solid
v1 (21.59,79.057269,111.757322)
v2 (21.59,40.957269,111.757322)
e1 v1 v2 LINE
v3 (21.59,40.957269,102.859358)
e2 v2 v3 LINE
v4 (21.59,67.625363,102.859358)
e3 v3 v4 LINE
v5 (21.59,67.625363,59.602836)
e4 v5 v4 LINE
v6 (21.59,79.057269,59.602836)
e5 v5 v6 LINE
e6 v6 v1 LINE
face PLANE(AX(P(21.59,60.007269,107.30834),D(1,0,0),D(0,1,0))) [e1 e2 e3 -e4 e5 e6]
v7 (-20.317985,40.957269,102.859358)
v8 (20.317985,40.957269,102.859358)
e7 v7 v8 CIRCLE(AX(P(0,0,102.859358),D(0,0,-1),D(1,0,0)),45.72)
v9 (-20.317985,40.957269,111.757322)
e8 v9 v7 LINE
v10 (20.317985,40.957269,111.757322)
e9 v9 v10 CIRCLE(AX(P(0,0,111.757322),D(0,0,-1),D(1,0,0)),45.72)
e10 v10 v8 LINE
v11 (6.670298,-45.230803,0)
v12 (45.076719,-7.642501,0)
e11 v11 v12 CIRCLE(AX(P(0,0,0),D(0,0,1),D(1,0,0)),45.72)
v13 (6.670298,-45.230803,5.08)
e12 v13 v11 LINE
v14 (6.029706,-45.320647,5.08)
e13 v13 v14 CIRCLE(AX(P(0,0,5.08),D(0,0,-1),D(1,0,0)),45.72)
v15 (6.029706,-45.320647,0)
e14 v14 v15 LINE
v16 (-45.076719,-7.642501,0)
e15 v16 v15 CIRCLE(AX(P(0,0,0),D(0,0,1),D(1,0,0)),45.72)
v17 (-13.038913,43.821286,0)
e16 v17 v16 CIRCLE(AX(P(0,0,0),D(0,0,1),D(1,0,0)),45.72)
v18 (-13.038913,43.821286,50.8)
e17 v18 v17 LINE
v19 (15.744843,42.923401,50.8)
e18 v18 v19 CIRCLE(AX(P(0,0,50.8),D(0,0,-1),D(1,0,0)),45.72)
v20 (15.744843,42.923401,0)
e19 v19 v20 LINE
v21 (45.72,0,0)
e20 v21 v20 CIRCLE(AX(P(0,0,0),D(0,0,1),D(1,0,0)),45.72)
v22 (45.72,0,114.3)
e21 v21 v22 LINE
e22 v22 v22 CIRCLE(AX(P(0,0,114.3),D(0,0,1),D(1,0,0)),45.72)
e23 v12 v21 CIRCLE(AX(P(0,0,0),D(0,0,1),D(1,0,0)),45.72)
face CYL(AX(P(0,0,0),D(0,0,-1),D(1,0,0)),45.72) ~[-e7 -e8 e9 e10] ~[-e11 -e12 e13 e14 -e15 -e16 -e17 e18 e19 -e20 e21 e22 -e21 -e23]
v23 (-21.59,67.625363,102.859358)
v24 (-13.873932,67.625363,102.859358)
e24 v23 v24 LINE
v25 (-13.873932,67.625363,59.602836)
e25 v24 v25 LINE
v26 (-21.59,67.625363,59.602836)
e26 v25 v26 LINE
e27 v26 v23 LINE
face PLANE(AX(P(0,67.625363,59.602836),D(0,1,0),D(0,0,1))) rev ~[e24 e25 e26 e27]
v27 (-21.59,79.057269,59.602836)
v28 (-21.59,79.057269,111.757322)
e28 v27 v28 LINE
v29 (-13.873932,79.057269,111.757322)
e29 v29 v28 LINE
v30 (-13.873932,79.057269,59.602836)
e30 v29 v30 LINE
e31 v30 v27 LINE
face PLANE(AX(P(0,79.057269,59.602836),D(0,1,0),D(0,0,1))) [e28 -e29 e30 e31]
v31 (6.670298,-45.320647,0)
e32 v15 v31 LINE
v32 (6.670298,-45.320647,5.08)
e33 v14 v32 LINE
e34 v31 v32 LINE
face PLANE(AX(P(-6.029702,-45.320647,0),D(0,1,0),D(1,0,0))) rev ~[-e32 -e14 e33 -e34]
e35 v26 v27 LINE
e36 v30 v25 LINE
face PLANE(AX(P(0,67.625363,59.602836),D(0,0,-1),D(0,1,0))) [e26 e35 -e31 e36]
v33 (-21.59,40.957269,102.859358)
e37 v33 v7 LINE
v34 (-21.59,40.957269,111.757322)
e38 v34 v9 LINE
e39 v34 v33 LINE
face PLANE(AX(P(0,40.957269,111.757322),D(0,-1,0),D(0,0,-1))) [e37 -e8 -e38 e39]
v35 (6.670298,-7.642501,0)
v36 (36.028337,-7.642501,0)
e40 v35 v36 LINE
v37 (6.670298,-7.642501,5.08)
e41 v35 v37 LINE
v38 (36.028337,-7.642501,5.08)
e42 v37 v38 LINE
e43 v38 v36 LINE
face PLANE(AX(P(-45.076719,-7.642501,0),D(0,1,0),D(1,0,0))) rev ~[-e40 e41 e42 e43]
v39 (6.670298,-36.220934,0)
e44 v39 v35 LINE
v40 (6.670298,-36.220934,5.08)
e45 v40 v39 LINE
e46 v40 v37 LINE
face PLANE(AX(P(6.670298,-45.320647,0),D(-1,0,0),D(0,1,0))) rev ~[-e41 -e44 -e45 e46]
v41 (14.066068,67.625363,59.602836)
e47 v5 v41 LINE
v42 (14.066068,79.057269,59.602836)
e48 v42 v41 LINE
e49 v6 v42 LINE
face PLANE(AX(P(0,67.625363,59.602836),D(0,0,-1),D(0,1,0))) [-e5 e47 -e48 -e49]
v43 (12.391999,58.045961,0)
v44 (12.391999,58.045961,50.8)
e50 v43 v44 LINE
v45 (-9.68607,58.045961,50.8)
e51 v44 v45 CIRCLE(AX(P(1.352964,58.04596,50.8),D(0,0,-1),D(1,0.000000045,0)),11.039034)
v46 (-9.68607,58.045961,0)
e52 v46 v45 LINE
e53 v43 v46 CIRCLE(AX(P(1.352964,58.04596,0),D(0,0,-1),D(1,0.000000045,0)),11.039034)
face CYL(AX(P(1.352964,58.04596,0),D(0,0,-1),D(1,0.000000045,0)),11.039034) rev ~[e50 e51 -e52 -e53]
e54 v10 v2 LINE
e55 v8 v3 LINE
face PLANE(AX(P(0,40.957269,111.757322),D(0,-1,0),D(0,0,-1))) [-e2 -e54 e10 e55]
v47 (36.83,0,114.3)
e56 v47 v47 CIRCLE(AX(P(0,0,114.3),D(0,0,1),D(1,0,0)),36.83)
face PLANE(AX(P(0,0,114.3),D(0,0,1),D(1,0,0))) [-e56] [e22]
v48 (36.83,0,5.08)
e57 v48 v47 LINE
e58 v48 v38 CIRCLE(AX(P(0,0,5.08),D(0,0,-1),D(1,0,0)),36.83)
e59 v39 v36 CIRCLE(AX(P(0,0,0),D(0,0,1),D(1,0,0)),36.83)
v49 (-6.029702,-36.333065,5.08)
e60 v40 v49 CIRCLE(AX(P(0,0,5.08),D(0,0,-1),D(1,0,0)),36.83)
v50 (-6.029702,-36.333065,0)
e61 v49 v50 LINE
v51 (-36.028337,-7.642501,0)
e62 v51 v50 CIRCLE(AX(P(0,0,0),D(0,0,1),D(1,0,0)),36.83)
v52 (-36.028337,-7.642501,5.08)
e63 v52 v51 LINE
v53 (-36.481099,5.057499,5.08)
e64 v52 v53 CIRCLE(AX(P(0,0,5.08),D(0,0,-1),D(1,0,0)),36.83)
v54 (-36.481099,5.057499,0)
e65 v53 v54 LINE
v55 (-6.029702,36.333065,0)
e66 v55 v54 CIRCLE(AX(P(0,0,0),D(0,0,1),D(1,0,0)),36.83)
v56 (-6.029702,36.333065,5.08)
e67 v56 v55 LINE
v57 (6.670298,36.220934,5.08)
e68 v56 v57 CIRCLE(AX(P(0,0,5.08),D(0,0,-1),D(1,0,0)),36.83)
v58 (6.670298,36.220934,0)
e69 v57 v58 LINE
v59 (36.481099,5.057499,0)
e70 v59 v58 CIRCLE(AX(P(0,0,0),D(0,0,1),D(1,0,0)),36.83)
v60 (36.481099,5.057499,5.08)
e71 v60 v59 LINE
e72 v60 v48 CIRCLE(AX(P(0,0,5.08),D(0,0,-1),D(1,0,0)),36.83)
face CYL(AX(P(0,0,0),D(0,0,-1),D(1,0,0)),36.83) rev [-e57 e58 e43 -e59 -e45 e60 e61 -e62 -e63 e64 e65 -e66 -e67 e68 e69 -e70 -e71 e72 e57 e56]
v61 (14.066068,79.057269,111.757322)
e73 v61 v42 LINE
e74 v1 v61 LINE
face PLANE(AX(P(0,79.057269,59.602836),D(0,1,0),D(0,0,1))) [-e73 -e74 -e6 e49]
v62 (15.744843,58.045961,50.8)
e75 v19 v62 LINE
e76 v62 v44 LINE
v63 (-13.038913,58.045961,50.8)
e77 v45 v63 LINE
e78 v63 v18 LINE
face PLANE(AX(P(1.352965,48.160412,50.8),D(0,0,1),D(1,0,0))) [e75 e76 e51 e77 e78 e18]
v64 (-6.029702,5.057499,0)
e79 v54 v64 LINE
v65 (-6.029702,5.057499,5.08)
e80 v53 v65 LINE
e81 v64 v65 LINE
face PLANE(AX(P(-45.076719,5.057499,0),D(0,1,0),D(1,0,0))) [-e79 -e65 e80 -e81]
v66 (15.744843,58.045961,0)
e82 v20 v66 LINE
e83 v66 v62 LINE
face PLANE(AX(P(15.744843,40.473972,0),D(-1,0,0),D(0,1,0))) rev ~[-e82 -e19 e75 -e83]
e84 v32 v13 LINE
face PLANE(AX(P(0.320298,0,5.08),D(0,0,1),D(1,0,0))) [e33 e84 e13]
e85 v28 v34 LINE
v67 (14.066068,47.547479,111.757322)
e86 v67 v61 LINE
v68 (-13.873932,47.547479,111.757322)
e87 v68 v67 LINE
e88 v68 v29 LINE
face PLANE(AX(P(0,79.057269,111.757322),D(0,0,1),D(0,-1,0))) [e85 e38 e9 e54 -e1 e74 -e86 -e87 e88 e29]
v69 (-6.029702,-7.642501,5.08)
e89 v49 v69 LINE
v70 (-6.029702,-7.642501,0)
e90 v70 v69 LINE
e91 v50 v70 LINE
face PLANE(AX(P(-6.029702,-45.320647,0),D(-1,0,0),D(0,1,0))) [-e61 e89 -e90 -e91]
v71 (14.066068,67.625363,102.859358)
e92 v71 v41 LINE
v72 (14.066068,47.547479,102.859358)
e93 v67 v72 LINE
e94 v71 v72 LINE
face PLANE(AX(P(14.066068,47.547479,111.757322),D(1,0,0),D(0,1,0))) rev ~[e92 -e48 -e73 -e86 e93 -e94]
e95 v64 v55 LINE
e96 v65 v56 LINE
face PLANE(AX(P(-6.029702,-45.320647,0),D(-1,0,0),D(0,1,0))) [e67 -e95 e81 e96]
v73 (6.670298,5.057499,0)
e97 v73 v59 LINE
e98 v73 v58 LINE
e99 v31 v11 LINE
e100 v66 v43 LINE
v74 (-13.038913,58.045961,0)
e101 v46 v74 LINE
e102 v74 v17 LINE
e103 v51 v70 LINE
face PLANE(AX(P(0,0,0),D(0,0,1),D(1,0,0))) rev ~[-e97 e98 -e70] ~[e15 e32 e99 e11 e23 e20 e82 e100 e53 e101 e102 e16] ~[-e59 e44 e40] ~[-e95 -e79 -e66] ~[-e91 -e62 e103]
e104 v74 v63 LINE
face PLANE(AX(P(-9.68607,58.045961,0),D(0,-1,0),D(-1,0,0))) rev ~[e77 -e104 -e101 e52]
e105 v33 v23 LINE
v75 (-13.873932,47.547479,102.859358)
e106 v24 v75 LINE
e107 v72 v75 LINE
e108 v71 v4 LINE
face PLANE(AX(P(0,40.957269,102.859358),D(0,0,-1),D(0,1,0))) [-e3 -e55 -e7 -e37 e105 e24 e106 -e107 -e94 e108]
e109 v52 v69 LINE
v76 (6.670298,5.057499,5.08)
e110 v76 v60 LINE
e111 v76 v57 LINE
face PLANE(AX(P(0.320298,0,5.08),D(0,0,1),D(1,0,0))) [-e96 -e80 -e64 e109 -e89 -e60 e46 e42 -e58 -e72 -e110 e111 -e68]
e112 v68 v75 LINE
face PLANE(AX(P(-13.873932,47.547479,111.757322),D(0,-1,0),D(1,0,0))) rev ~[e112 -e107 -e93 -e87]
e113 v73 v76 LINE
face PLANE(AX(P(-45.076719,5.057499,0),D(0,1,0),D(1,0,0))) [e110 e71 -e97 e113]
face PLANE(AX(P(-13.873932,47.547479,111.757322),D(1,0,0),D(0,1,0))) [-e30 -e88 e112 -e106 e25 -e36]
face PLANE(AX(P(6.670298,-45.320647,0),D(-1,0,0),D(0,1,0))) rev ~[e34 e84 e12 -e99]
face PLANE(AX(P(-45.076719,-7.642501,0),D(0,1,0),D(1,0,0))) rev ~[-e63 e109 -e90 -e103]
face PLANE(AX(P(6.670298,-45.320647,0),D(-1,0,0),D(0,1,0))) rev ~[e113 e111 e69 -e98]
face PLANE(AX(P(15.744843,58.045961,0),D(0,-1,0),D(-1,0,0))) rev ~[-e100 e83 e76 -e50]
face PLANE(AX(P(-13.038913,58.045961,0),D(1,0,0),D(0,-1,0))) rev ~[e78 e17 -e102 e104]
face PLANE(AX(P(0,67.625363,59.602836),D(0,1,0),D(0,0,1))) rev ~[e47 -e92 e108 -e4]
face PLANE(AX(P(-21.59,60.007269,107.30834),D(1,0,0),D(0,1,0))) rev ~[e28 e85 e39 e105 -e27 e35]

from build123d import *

# Parameters (mm, degrees)
F0_R      = 45.72
F2_DEPTH  = 114.3
F1_R      = 36.83
F3_DEPTH  = 114.3
F4_W      = 90.153438
F4_H      = 12.7
F5_DEPTH  = 5.08
F6_W      = 12.7
F6_H      = 90.641294
F7_DEPTH  = 5.08
F8_W      = 11.431906
F8_H      = 43.256522
F9_DEPTH  = 21.59
F11_DEPTH = 50.8
F12_W     = 27.94
F12_H     = 31.50979
F13_DEPTH = 55.88


with BuildPart() as f2:
    # F0 (on Top) → F2 (new body)
    with BuildSketch(Plane.XY):
        Circle(F0_R)
    extrude(amount=F2_DEPTH)

    # F1 (on Top) → F3 (cut)
    with BuildSketch(Plane.XY):
        Circle(F1_R)
    extrude(amount=F3_DEPTH, mode=Mode.SUBTRACT)

    # F4 (on Top) → F5 (join)
    with BuildSketch(Plane.XY):
        with Locations((0, -1.292501)):
            Rectangle(F4_W, F4_H)
    extrude(amount=F5_DEPTH)

    # F6 (on Top) → F7 (join)
    with BuildSketch(Plane.XY):
        with Locations((0.320298, 0)):
            Rectangle(F6_W, F6_H)
    extrude(amount=F7_DEPTH)

    # F8 (on Right) → F9 (join, symmetric)
    with BuildSketch(Plane.YZ):
        Polygon((79.057269, 111.757322), (40.957269, 111.757322), (40.957269, 102.859358), (67.625363, 102.859358), (79.057269, 102.859358), align=None)
        with Locations((73.341316, 81.231097)):
            Rectangle(F8_W, F8_H)
    extrude(amount=F9_DEPTH, both=True)

    # F10 (on Top) → F11 (join)
    with BuildSketch(Plane.XY):
        with BuildLine():
            Line((-13.038913, 40.473972), (15.744843, 40.473972))
            Line((15.744843, 40.473972), (15.744843, 58.045961))
            Line((15.744843, 58.045961), (12.391999, 58.045961))
            ThreePointArc((12.391999, 58.045961), (1.352965, 47.006926), (-9.68607, 58.045961))
            Line((-9.68607, 58.045961), (-13.038913, 58.045961))
            Line((-13.038913, 58.045961), (-13.038913, 40.473972))
        make_face()
    extrude(amount=F11_DEPTH)

    # F12 (on face) → F13 (cut)
    with BuildSketch(Plane.XY.offset(111.757322)):
        with Locations((0.096068, 63.302374)):
            Rectangle(F12_W, F12_H)
    extrude(amount=-F13_DEPTH, mode=Mode.SUBTRACT)


solid = f2.part
